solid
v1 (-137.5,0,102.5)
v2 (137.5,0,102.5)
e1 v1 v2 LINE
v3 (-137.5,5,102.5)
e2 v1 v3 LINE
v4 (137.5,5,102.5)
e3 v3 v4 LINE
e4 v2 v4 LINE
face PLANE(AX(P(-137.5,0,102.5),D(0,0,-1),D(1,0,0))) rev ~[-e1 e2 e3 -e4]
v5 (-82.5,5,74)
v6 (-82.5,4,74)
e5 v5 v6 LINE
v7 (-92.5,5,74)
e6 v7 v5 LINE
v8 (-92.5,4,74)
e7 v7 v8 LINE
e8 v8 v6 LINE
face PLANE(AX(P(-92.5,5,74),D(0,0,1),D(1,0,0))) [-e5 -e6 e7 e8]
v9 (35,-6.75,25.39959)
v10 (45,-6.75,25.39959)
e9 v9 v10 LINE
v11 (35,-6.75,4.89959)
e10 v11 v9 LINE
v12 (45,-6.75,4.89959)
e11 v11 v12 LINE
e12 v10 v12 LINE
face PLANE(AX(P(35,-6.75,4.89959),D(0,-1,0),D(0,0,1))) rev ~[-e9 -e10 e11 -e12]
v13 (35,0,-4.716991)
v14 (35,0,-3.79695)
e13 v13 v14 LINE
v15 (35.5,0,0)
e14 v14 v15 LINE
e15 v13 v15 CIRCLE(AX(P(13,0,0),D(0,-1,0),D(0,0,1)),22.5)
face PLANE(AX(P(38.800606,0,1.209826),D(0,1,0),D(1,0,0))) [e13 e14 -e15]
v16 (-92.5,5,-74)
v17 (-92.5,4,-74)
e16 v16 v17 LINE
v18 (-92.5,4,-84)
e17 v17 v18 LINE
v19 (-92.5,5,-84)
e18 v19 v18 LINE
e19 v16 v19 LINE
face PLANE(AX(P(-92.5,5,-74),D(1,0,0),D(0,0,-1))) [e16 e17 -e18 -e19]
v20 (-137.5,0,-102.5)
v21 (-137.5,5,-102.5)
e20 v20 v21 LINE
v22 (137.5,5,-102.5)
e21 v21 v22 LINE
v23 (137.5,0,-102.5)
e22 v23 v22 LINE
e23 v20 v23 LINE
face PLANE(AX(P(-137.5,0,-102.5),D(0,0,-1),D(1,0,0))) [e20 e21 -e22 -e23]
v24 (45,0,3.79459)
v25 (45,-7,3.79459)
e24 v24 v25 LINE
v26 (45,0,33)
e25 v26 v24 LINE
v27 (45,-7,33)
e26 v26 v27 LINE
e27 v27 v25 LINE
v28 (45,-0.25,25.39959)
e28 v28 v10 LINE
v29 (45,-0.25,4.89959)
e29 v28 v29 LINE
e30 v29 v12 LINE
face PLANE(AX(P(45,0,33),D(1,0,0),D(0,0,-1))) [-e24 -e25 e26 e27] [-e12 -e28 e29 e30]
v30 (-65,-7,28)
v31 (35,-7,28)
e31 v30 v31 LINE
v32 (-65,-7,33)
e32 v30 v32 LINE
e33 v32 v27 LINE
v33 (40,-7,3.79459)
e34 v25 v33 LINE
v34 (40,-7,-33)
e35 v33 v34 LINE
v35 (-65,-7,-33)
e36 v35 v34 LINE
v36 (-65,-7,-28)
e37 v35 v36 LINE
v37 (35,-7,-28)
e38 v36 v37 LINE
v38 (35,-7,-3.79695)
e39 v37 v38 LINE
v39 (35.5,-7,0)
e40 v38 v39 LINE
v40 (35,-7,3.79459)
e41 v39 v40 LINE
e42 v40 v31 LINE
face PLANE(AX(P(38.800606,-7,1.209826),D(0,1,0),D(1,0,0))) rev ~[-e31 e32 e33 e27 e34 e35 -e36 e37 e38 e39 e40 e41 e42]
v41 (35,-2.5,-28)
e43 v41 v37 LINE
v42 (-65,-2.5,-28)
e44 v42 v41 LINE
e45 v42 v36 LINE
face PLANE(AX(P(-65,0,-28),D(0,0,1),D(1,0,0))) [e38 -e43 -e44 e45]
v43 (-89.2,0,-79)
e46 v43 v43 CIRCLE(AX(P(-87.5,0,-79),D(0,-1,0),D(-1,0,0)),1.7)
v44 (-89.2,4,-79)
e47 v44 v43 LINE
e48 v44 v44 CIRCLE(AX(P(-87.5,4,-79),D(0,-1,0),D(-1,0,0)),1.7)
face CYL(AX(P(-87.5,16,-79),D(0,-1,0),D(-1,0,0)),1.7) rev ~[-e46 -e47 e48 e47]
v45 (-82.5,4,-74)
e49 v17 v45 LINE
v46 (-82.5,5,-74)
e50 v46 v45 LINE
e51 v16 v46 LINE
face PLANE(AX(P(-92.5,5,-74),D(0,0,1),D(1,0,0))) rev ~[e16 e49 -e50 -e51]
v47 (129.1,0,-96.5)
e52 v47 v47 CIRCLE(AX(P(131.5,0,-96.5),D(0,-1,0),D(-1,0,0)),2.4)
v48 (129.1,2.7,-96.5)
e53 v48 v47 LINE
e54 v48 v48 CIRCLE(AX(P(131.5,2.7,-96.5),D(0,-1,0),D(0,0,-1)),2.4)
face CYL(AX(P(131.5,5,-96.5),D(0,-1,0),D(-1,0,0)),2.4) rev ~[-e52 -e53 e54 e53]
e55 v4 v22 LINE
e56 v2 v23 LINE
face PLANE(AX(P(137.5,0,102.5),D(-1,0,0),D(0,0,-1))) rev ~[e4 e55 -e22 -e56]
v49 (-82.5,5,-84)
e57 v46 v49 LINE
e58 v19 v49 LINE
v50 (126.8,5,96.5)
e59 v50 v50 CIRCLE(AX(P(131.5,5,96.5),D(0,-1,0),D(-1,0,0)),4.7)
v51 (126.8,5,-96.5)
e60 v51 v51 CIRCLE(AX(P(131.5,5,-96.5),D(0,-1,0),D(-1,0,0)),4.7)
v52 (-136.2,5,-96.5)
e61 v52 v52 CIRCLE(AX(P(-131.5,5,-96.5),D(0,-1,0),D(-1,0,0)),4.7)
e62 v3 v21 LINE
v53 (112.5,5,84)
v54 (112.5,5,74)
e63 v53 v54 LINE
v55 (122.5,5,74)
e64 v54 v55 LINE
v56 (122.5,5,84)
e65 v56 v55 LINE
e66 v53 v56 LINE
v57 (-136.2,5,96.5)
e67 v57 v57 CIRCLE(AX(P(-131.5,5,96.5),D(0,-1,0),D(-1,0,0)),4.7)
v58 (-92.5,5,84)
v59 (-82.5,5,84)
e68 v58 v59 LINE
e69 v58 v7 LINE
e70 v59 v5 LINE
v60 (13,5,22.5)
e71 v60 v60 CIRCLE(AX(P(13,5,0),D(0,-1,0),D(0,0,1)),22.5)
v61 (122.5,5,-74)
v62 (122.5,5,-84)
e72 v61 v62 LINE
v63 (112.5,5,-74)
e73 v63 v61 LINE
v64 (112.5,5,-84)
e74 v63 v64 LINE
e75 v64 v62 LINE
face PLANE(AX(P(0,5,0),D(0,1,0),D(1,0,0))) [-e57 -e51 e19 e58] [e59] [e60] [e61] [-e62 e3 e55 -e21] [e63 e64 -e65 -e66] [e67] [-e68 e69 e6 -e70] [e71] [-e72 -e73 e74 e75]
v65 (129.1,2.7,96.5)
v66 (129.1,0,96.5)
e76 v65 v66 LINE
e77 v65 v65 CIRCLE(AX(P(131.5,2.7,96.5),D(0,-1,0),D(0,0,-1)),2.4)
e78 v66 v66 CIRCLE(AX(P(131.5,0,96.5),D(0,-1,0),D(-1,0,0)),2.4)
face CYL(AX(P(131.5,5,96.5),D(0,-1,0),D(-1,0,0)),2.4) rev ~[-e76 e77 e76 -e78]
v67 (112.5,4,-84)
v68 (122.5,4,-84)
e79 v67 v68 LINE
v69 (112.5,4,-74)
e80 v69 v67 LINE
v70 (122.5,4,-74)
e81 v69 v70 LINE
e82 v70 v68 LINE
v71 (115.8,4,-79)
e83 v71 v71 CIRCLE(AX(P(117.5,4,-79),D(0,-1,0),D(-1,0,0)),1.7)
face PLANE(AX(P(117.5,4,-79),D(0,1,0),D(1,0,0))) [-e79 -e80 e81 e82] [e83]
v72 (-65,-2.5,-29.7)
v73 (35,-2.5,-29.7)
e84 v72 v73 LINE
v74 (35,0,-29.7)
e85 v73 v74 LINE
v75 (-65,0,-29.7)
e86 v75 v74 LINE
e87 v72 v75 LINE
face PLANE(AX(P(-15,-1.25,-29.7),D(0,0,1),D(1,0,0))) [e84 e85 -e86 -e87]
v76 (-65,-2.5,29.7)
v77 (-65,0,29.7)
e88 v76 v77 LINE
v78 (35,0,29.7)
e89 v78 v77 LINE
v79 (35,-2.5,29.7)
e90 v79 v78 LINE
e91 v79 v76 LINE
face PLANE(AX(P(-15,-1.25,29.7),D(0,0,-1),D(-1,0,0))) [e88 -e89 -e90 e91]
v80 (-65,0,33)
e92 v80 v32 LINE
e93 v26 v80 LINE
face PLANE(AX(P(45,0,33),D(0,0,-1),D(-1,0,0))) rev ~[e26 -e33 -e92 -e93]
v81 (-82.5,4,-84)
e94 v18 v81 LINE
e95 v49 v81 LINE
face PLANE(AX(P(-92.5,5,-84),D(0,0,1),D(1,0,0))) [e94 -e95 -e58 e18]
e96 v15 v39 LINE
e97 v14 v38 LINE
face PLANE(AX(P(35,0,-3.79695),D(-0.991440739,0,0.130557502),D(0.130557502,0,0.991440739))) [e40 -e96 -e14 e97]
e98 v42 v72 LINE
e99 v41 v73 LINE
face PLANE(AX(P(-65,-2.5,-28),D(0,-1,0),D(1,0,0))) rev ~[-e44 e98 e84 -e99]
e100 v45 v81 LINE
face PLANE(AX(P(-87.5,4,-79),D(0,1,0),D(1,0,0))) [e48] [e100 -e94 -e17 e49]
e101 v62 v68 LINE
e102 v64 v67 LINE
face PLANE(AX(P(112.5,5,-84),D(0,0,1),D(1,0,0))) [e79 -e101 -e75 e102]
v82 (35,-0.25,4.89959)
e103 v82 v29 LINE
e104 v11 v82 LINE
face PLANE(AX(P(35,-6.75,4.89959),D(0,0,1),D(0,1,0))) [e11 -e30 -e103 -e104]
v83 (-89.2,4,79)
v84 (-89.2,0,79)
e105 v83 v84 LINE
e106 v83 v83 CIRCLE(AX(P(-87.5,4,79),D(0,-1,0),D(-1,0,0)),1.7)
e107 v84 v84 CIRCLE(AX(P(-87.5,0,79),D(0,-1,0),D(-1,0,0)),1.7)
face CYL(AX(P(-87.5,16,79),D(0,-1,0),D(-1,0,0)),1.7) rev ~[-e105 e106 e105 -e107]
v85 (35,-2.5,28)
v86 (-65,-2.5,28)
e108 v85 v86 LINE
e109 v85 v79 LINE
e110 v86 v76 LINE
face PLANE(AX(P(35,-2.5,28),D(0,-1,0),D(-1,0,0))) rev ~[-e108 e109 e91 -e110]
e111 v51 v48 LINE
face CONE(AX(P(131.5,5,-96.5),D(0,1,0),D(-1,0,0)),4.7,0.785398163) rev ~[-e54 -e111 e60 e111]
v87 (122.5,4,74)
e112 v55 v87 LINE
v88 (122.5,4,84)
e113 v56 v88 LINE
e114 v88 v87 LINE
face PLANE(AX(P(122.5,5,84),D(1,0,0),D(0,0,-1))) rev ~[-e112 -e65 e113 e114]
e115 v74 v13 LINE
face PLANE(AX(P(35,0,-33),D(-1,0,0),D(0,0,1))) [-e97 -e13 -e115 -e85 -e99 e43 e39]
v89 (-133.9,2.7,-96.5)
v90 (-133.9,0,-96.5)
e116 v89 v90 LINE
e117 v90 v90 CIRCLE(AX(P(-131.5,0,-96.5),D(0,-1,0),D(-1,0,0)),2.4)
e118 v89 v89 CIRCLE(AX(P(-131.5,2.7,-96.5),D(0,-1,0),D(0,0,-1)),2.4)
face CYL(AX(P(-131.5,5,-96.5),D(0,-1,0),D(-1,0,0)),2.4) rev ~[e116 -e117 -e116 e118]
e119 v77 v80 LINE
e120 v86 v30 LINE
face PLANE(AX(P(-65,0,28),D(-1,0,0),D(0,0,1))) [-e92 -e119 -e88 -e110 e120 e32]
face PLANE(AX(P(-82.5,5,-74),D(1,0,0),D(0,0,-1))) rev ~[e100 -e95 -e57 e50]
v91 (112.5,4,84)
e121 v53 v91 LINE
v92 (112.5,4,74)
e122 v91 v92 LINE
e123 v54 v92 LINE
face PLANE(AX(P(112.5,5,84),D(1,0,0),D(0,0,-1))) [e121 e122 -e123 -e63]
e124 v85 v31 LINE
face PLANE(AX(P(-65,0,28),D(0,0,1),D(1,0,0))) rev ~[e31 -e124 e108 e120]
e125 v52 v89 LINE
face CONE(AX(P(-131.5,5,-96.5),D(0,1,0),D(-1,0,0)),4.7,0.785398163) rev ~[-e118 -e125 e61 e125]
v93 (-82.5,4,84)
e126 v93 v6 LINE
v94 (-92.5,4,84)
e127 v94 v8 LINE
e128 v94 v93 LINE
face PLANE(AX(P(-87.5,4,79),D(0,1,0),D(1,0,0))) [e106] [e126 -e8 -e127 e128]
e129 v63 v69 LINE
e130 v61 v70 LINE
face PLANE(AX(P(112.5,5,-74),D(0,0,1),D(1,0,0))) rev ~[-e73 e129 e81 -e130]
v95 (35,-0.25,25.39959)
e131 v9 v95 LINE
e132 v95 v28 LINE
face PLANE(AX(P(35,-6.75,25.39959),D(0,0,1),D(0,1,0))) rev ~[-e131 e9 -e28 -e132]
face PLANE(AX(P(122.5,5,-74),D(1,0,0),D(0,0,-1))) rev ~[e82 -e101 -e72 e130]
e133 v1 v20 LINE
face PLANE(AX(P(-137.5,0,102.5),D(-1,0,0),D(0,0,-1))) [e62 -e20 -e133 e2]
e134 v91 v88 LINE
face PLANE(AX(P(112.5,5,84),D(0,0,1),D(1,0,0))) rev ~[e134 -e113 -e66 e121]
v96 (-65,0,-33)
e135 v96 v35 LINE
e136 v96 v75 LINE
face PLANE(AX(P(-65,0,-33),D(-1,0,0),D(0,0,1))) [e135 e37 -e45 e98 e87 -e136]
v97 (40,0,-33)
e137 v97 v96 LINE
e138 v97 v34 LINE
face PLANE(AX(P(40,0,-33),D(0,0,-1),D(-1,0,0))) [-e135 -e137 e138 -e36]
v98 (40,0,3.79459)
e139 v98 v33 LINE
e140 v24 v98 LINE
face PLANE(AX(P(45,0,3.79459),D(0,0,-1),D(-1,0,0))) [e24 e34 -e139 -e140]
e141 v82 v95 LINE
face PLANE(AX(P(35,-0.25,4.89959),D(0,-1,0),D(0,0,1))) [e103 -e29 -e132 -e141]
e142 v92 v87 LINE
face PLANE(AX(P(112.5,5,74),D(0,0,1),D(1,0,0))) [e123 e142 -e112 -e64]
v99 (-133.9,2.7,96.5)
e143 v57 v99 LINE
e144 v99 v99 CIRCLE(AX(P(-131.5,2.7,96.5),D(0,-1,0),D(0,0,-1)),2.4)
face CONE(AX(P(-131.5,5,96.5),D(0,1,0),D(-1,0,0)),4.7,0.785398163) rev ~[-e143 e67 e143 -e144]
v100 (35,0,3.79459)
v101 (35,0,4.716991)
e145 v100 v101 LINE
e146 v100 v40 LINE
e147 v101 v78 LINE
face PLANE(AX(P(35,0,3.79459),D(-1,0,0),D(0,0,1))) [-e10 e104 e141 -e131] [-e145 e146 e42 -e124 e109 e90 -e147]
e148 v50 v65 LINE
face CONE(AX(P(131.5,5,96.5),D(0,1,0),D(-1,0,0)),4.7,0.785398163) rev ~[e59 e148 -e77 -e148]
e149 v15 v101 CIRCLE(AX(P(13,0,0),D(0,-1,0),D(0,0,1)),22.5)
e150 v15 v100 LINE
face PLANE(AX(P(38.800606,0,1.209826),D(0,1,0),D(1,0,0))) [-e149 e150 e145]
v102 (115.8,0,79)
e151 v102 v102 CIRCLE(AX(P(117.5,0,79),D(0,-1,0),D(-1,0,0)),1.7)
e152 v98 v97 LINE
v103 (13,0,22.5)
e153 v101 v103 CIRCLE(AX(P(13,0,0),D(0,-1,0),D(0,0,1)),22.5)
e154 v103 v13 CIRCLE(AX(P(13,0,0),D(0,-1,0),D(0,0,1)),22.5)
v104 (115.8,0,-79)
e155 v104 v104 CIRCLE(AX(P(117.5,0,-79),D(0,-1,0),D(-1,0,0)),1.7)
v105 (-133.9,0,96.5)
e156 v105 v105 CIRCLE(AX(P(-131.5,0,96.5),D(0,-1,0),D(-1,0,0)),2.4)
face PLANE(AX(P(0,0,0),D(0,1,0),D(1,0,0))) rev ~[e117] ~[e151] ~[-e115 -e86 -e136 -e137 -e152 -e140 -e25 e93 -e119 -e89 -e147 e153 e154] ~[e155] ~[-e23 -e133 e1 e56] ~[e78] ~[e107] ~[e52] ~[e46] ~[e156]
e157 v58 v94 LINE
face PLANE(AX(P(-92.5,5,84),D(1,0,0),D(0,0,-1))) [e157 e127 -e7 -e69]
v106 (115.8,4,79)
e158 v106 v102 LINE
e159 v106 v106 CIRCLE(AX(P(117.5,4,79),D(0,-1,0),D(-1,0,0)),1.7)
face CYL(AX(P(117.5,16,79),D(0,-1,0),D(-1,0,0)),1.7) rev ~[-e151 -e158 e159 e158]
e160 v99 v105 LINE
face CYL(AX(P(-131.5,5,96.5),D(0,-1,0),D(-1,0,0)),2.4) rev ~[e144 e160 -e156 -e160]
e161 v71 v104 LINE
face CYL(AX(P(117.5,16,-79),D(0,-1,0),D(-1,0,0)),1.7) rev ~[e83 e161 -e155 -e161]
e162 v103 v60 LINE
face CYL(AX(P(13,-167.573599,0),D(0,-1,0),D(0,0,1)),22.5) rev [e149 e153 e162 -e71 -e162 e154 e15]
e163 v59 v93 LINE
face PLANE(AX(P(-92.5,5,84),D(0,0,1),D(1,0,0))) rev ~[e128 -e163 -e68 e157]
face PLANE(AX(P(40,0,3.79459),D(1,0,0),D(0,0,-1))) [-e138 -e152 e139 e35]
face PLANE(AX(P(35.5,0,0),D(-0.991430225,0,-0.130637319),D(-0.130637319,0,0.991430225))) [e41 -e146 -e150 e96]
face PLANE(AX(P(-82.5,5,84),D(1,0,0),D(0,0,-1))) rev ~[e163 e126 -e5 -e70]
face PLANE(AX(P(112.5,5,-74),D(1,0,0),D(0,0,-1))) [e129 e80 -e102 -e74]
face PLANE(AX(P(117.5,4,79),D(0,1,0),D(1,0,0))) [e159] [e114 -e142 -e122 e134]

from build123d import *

# Parameters (mm, degrees)
ESQUISSE1_W                                    = 275
ESQUISSE1_H                                    = 205
BOSS_EXTRU_1_DEPTH                             = 5
FRAISAGE_POUR_VIS_T_TE_FRAIS_E_M41_D           = 4.8
FRAISAGE_POUR_VIS_T_TE_FRAIS_E_M41_CSINK_D     = 9.4
FRAISAGE_POUR_VIS_T_TE_FRAIS_E_M41_CSINK_ANGLE = 90
ESQUISSE5_W                                    = 10
ESQUISSE5_H                                    = 10
ENL_V_MAT_EXTRU_1_DEPTH                        = 1
ENL_V_MAT_EXTRU_2_DEPTH                        = 172.573599368
ENL_V_MAT_EXTRU_2_DEPTH_BACK                   = 172.573599368
ESQUISSE9_R                                    = 22.5
D_GAGEMENT_M32_D                               = 3.4
D_GAGEMENT_M32_DEPTH                           = 12
D_GAGEMENT_M32_TIP                             = 1.021463052
ESQUISSE16_W                                   = 100
ESQUISSE16_H                                   = 5
BOSS_EXTRU_2_DEPTH                             = 7
ESQUISSE18_W                                   = 100
ESQUISSE18_H                                   = 2.5
ENL_V_MAT_EXTRU_3_DEPTH                        = 1.7
ESQUISSE17_W                                   = 100
ESQUISSE17_H                                   = 2.5
ENL_V_MAT_EXTRU_4_DEPTH                        = 1.7
BOSS_EXTRU_4_DEPTH                             = 7
ESQUISSE21_W                                   = 20.5
ESQUISSE21_H                                   = 6.5
ENL_V_MAT_EXTRU_5_DEPTH                        = 13


with BuildPart() as part:
    # Esquisse1 → Boss.-Extru.1 (new body)
    with BuildSketch(Plane(origin=(0, 0, 0), x_dir=(1, 0, 0), z_dir=(0, 1, 0))):
        Rectangle(ESQUISSE1_W, ESQUISSE1_H)
    extrude(amount=BOSS_EXTRU_1_DEPTH)

    # Fraisage pour vis à tête fraisée M41 (through all)
    with Locations(Plane(origin=(0, 5, 0), x_dir=(1, 0, 0), z_dir=(0, 1, 0))):
        with Locations((-131.5, 96.5), (-131.5, -96.5), (131.5, -96.5), (131.5, 96.5)):
            CounterSinkHole(FRAISAGE_POUR_VIS_T_TE_FRAIS_E_M41_D / 2, FRAISAGE_POUR_VIS_T_TE_FRAIS_E_M41_CSINK_D / 2, counter_sink_angle=FRAISAGE_POUR_VIS_T_TE_FRAIS_E_M41_CSINK_ANGLE)

    # Esquisse5 → Enlèv. mat.-Extru.1 (cut)
    with BuildSketch(Plane(origin=(0, 5, 0), x_dir=(1, 0, 0), z_dir=(0, 1, 0))):
        with Locations((-87.5, 79)):
            Rectangle(ESQUISSE5_W, ESQUISSE5_H)
        with Locations((117.5, 79)):
            Rectangle(ESQUISSE5_W, ESQUISSE5_H)
        with Locations((117.5, -79)):
            Rectangle(ESQUISSE5_W, ESQUISSE5_H)
        with Locations((-87.5, -79)):
            Rectangle(ESQUISSE5_W, ESQUISSE5_H)
    extrude(amount=-ENL_V_MAT_EXTRU_1_DEPTH, mode=Mode.SUBTRACT)

    # Esquisse9 → Enlèv. mat.-Extru.2 (cut, two sides: drawn at the far end of the back side and taken through both)
    with BuildSketch(Plane(origin=(0, 5, 0), x_dir=(1, 0, 0), z_dir=(0, 1, 0)).offset(-ENL_V_MAT_EXTRU_2_DEPTH_BACK)):
        with Locations(Location((13, 0, 0), (0, 0, 270))):
            Circle(ESQUISSE9_R)
    extrude(amount=ENL_V_MAT_EXTRU_2_DEPTH + ENL_V_MAT_EXTRU_2_DEPTH_BACK, mode=Mode.SUBTRACT)

    # Dégagement M32
    with Locations(Plane(origin=(0, 4, 0), x_dir=(1, 0, 0), z_dir=(0, 1, 0))):
        with Locations((-87.5, -79), (-87.5, 79), (117.5, 79), (117.5, -79)):
            Hole(D_GAGEMENT_M32_D / 2, depth=D_GAGEMENT_M32_DEPTH)
            with Locations((0, 0, -(D_GAGEMENT_M32_DEPTH + D_GAGEMENT_M32_TIP / 2))):  # 118° drill point
                Cone(0, D_GAGEMENT_M32_D / 2, D_GAGEMENT_M32_TIP, mode=Mode.SUBTRACT)

    # Esquisse16 → Boss.-Extru.2 (add)
    with BuildSketch(Plane.XZ):
        with Locations((-15, 30.5)):
            Rectangle(ESQUISSE16_W, ESQUISSE16_H)
        with Locations((-15, -30.5)):
            Rectangle(ESQUISSE16_W, ESQUISSE16_H)
    extrude(amount=BOSS_EXTRU_2_DEPTH)

    # Esquisse18 → Enlèv. mat.-Extru.3 (cut)
    with BuildSketch(Plane(origin=(0, 0, 28), x_dir=(-1, 0, 0), z_dir=(0, 0, -1))):
        with Locations((15, -1.25)):
            Rectangle(ESQUISSE18_W, ESQUISSE18_H)
    extrude(amount=-ENL_V_MAT_EXTRU_3_DEPTH, mode=Mode.SUBTRACT)

    # Esquisse17 → Enlèv. mat.-Extru.4 (cut)
    with BuildSketch(Plane.XY.offset(-28)):
        with Locations((-15, -1.25)):
            Rectangle(ESQUISSE17_W, ESQUISSE17_H)
    extrude(amount=-ENL_V_MAT_EXTRU_4_DEPTH, mode=Mode.SUBTRACT)

    # Esquisse19 → Boss.-Extru.4 (add)
    with BuildSketch(Plane(origin=(0, 0, 0), x_dir=(-1, 0, 0), z_dir=(0, -1, 0))):
        Polygon((-35, -33), (-40, -33), (-45, -33), (-45, -3.794590368), (-40, -3.794590368), (-40, 33), (-35, 33), (-35, 3.79695048), (-35.5, 0), (-35, -3.794590368), align=None)
    extrude(amount=BOSS_EXTRU_4_DEPTH)

    # Esquisse21 → Enlèv. mat.-Extru.5 (cut)
    with BuildSketch(Plane.ZY.offset(-35)):
        with Locations((15.149590368, -3.5)):
            Rectangle(ESQUISSE21_W, ESQUISSE21_H)
    extrude(amount=-ENL_V_MAT_EXTRU_5_DEPTH, mode=Mode.SUBTRACT)


solid = part.part
